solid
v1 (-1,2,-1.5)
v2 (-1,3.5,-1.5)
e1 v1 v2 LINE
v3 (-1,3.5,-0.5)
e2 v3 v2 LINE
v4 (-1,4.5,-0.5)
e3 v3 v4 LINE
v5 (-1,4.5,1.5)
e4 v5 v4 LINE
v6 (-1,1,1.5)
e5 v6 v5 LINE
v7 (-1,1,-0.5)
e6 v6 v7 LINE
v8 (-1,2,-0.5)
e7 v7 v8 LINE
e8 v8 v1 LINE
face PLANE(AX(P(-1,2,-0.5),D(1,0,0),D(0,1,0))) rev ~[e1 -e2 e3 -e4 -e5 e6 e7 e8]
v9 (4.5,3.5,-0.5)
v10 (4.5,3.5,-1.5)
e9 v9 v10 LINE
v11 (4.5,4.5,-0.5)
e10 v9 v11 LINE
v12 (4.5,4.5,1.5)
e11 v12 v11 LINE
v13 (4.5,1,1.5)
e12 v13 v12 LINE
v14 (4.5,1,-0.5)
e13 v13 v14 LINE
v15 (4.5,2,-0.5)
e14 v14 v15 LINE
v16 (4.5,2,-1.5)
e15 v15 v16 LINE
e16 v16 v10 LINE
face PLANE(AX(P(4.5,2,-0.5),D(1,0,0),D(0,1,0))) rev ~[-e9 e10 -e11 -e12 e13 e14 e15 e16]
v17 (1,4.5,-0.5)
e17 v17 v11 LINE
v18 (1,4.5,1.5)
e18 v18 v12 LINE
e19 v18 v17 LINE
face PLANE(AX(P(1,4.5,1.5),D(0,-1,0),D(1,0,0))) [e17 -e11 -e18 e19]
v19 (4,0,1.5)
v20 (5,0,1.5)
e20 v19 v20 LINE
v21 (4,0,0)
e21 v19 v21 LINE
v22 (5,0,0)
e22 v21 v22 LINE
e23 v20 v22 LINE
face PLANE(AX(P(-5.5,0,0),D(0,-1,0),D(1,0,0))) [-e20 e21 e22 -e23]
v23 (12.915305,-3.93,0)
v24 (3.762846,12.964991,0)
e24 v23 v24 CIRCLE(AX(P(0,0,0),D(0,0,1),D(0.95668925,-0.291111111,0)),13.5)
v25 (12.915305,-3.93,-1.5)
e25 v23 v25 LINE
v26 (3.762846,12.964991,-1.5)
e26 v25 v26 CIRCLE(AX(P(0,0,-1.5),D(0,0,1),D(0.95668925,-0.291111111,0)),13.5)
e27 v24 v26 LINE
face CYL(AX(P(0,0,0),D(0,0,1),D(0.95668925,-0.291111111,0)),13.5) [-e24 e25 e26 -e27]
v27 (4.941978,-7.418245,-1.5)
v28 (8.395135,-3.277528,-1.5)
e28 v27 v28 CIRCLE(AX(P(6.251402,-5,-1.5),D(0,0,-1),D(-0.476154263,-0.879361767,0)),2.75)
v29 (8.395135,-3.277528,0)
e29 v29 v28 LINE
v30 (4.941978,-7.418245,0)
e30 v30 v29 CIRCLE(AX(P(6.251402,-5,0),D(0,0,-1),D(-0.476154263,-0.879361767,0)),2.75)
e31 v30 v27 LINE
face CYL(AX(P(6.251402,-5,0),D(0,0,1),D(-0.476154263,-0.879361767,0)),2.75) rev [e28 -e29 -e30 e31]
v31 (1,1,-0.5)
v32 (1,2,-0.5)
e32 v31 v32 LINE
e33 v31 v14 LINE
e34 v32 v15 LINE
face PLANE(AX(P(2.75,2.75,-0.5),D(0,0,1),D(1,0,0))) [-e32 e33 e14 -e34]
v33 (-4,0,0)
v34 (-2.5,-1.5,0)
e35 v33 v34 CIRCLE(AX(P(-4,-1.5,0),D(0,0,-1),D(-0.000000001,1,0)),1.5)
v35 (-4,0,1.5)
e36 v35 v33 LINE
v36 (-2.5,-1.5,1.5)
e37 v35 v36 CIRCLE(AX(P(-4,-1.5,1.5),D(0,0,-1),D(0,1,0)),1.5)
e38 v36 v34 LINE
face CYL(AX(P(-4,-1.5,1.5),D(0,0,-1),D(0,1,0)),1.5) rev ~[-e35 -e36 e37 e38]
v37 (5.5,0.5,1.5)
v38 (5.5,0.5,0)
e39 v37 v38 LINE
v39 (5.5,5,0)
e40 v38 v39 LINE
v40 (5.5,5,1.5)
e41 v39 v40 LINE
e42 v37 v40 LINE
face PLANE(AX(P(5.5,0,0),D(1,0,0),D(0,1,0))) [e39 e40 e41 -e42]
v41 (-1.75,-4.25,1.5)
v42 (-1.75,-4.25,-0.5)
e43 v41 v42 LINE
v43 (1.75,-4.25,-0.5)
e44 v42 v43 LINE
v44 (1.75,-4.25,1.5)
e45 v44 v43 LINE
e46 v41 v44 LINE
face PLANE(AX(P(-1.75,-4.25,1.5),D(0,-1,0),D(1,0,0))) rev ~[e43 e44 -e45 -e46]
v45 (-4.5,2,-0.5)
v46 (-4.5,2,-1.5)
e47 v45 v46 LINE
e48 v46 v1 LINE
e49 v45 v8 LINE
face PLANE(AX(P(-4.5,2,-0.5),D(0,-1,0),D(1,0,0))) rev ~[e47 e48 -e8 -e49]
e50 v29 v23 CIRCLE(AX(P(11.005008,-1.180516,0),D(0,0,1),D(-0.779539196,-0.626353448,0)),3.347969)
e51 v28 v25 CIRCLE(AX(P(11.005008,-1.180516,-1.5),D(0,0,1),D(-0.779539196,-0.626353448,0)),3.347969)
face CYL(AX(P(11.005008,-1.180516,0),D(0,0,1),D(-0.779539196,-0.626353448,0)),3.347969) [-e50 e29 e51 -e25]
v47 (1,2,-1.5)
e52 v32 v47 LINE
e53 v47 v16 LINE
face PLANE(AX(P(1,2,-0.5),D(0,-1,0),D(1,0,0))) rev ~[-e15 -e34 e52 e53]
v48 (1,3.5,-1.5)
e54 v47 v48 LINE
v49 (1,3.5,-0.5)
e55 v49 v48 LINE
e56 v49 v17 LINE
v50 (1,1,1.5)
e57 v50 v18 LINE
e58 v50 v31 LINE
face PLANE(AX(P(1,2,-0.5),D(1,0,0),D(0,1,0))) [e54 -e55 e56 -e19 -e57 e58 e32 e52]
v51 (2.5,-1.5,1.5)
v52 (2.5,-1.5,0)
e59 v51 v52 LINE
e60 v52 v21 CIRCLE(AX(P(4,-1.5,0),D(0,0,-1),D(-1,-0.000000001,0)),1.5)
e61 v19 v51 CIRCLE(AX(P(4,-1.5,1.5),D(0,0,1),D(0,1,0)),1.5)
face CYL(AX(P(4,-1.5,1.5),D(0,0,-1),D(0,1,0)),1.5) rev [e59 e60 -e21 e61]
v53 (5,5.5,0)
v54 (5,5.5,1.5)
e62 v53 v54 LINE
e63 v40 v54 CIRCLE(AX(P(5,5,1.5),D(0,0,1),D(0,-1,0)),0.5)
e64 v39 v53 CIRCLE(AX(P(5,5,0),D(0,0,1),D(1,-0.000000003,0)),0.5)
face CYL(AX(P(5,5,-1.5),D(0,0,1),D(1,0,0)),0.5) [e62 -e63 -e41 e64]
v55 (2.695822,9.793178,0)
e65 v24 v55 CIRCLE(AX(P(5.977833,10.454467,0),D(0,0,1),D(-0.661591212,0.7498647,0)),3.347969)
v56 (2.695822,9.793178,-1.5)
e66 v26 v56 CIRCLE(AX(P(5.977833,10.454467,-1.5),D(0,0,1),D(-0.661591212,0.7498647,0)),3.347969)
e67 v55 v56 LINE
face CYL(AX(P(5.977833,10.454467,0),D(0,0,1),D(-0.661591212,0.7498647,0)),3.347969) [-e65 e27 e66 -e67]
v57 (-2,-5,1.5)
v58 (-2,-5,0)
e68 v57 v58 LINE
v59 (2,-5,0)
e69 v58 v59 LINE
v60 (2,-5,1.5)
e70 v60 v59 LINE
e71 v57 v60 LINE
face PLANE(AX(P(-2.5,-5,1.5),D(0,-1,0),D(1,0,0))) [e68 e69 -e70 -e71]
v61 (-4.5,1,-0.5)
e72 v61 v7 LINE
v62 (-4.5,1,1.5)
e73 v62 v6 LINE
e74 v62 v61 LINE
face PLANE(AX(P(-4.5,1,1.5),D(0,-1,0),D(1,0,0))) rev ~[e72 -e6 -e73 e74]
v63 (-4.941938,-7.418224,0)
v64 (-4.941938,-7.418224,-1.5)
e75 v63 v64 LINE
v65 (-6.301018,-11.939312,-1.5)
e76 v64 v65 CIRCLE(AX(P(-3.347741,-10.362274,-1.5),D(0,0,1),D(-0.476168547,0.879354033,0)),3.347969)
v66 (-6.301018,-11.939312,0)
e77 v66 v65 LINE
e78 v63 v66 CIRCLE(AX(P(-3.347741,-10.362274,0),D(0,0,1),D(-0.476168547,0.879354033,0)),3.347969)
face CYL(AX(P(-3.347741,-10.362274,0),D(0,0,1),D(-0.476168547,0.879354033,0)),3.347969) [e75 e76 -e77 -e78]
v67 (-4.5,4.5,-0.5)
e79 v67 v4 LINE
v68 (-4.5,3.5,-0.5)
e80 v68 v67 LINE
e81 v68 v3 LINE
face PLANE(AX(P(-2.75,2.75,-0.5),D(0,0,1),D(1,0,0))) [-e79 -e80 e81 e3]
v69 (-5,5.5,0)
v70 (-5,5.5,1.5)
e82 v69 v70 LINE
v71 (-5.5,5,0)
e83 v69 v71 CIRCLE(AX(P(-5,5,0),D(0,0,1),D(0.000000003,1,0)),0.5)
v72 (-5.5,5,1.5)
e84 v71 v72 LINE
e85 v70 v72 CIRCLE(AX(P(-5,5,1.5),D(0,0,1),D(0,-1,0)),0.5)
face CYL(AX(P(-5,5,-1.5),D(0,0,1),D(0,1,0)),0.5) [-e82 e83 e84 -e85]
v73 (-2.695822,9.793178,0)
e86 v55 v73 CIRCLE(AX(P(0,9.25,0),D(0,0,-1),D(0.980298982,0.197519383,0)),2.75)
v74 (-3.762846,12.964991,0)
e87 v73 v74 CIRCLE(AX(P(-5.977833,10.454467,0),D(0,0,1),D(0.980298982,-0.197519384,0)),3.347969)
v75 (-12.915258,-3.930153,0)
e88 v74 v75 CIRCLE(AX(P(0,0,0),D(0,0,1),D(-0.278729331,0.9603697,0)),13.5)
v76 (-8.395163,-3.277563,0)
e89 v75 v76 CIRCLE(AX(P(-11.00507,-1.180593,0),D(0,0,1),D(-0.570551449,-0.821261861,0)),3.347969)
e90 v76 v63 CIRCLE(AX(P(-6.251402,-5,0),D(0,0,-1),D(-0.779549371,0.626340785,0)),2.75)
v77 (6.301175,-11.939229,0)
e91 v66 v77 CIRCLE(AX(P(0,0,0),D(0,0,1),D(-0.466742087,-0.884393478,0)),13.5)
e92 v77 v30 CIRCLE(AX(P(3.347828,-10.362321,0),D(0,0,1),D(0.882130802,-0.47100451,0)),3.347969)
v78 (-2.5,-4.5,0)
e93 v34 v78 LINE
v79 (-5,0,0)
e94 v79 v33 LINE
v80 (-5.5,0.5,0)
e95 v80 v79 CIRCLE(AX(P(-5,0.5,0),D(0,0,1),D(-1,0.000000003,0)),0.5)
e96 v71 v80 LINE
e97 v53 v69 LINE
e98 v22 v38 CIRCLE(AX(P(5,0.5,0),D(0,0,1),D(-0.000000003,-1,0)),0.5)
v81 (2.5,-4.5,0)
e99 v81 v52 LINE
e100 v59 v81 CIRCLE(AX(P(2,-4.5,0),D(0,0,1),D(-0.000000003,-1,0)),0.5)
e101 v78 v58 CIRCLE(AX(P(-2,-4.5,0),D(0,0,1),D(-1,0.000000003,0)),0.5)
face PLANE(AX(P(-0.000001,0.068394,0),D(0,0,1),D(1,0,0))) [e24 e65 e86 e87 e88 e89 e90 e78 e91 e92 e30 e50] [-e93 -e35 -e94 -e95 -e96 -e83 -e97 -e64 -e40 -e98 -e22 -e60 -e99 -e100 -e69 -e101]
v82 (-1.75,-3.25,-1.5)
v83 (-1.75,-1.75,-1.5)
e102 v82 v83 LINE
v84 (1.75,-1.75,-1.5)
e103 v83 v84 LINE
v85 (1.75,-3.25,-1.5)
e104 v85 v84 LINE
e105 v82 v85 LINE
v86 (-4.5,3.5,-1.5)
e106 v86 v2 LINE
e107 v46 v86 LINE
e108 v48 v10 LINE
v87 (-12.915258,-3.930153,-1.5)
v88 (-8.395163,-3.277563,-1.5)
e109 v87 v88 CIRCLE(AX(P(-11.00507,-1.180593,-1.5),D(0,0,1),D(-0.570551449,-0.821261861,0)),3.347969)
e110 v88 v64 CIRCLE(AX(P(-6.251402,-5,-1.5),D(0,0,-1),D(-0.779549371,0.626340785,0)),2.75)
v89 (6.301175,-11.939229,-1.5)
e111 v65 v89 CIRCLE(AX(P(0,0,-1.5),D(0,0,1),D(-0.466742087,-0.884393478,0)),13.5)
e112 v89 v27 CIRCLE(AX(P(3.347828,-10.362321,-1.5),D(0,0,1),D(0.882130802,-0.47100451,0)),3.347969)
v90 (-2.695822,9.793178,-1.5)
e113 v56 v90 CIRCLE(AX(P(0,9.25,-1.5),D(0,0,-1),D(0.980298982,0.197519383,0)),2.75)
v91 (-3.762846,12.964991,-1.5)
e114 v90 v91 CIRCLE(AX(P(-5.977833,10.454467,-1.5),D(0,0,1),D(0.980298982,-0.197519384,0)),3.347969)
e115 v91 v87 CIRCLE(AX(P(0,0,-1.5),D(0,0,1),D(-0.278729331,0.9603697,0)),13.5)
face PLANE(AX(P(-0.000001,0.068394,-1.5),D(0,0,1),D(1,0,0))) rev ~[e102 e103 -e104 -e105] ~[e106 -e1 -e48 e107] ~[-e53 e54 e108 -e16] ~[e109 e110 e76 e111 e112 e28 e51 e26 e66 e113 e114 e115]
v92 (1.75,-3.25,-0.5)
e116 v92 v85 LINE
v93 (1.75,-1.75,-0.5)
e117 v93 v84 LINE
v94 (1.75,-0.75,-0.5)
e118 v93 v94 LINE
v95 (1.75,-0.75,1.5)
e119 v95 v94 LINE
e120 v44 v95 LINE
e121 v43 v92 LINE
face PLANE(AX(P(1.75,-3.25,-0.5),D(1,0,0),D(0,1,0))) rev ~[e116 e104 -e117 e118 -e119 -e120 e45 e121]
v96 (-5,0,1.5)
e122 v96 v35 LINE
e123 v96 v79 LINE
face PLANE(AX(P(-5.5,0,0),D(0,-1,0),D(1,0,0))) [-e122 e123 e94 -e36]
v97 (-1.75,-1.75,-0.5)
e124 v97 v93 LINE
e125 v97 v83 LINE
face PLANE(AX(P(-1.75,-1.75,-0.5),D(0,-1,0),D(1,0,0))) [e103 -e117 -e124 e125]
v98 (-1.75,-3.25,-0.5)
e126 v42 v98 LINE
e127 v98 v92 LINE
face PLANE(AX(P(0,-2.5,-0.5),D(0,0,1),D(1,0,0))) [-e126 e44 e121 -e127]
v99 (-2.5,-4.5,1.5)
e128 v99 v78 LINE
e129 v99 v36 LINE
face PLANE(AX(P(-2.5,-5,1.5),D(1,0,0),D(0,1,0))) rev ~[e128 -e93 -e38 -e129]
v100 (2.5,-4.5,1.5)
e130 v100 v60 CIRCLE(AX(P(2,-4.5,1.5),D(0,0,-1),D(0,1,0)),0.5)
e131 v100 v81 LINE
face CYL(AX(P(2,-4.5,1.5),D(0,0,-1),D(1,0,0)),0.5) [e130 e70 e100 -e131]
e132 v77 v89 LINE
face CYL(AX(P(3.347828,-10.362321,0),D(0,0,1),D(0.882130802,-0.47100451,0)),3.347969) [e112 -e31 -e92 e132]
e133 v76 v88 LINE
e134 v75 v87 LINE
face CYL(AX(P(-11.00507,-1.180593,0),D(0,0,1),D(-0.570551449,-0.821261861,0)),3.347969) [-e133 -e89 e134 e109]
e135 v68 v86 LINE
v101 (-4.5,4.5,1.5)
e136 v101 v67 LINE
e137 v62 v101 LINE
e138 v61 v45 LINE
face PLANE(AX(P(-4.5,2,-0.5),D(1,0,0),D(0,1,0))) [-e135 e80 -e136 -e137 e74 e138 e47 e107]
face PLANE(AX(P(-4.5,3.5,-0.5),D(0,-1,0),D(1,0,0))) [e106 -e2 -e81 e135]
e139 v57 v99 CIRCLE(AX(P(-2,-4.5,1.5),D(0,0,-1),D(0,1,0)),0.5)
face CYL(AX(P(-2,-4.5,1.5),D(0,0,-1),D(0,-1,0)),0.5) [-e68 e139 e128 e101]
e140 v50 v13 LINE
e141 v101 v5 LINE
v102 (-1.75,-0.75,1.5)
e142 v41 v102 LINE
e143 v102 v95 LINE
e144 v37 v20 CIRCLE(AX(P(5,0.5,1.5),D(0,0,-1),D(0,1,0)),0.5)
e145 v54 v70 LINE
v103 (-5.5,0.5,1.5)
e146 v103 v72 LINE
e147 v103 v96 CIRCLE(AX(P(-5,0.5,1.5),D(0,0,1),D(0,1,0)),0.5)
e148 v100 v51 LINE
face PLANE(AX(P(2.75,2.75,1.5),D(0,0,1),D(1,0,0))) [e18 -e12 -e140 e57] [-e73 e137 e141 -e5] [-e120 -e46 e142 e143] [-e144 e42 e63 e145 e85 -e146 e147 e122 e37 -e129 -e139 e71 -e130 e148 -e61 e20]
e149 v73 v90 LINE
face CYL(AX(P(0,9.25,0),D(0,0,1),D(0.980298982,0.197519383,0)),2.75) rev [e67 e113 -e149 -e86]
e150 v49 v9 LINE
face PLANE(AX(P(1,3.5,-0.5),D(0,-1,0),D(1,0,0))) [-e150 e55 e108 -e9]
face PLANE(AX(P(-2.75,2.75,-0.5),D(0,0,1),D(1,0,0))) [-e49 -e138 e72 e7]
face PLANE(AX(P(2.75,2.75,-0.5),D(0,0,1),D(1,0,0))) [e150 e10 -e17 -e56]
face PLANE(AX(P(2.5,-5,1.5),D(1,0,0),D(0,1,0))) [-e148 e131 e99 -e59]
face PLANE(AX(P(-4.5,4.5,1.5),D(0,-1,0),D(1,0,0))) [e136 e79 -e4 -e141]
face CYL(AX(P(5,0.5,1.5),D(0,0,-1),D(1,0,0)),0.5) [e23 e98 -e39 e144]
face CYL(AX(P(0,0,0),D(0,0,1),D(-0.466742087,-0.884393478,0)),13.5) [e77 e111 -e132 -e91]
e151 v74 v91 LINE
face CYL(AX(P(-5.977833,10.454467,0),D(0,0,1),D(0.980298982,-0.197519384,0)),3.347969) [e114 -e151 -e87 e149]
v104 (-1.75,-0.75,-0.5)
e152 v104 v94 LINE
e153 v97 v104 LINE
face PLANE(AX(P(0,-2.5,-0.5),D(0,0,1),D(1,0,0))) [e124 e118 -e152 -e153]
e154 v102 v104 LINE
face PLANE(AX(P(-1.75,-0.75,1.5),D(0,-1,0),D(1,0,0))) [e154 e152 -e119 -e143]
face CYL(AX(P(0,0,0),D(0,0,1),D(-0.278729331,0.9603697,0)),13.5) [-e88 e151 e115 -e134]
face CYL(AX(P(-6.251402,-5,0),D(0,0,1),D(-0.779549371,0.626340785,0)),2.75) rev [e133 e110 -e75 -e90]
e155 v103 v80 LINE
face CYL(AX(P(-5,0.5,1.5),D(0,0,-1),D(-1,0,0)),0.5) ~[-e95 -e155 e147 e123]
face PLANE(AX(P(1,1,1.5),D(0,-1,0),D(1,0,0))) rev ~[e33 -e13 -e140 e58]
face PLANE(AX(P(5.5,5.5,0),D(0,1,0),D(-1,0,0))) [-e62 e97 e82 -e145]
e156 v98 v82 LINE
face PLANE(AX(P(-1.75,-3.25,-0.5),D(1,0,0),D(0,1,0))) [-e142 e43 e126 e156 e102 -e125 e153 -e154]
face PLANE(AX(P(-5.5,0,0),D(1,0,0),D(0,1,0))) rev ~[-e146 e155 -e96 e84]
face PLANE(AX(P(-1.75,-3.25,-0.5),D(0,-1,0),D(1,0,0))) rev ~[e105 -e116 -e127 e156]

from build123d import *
from OCP.BRepFilletAPI import BRepFilletAPI_MakeFillet

# Parameters (mm, degrees)
SKETCH1_W           = 5.5
SKETCH1_H           = 5.5
BOSS_EXTRUDE1_DEPTH = 1.5
SKETCH5_W           = 5
SKETCH5_H           = 5
BOSS_EXTRUDE2_DEPTH = 3
SKETCH2_W           = 3.5
SKETCH2_H           = 3.5
CUT_EXTRUDE1_DEPTH  = 2
SKETCH10_W          = 3.5
SKETCH10_H          = 1.5
CUT_EXTRUDE3_DEPTH  = 9.031189202
FILLET7_R1          = 0.5
FILLET7_R2          = 1.5
BOSS_EXTRUDE3_DEPTH = 1.5


with BuildPart() as part:
    # Sketch1 → Boss-Extrude1 (new, symmetric)
    with BuildSketch(Plane.XY):
        with Locations((2.75, 2.75)):
            Rectangle(SKETCH1_W, SKETCH1_H)
        with Locations((-2.75, 2.75)):
            Rectangle(SKETCH1_W, SKETCH1_H)
    extrude(amount=BOSS_EXTRUDE1_DEPTH, both=True)

    # Sketch5 → Boss-Extrude2 (add)
    with BuildSketch(Plane.XY.offset(1.5)):
        with Locations((0, -2.5)):
            Rectangle(SKETCH5_W, SKETCH5_H)
    extrude(amount=-BOSS_EXTRUDE2_DEPTH)

    # Sketch2 → Cut-Extrude1 (cut)
    with BuildSketch(Plane.XY.offset(1.5)):
        with Locations((2.75, 2.75)):
            Rectangle(SKETCH2_W, SKETCH2_H)
        with Locations((-2.75, 2.75)):
            Rectangle(SKETCH2_W, SKETCH2_H)
        with Locations((0, -2.5)):
            Rectangle(SKETCH2_W, SKETCH2_H)
    extrude(amount=-CUT_EXTRUDE1_DEPTH, mode=Mode.SUBTRACT)

    # Sketch10 → Cut-Extrude3 (cut, through all)
    with BuildSketch(Plane.XY.offset(-0.5)):
        with Locations((0, -2.5)):
            Rectangle(SKETCH10_W, SKETCH10_H)
        with Locations((2.75, 2.75)):
            Rectangle(SKETCH10_W, SKETCH10_H)
        with Locations((-2.75, 2.75)):
            Rectangle(SKETCH10_W, SKETCH10_H)
    extrude(amount=-CUT_EXTRUDE3_DEPTH, mode=Mode.SUBTRACT)

    # Fillet7: one fillet with a radius per group of edges: ONE call of the kernel's fillet builder (fillet() takes one radius for all edges)
    fillet7_edges_1 = [part.edges().sort_by_distance(p)[0] for p in [
        (5.5, 0, 0),
        (2.5, -5, 0),
        (5.5, 5.5, 0),
        (-5.5, 5.5, 0),
        (-5.5, 0, 0),
        (-2.5, -5, 0),
    ]]
    fillet7_edges_2 = [part.edges().sort_by_distance(p)[0] for p in [
        (2.5, 0, 0),
        (-2.5, 0, 0),
    ]]
    fillet7 = BRepFilletAPI_MakeFillet(part.part.solid().wrapped)
    for e in fillet7_edges_1:
        fillet7.Add(FILLET7_R1, e.wrapped)
    for e in fillet7_edges_2:
        fillet7.Add(FILLET7_R2, e.wrapped)
    add(Compound.cast(fillet7.Shape()), mode=Mode.REPLACE)

    # Sketch11 → Boss-Extrude3 (add, through all)
    with BuildSketch(Plane.XY):
        with BuildLine():
            ThreePointArc((-6.301018176, -11.939311954), (8.8396e-05, -13.5), (6.301174529, -11.939229437))
            ThreePointArc((6.301174529, -11.939229437), (6.554033768, -9.398401396), (4.941977619, -7.41824486))
            ThreePointArc((4.941977619, -7.41824486), (4.139435534, -3.238722534), (8.395134632, -3.277528018))
            ThreePointArc((8.395134632, -3.277528018), (10.526696598, -4.494141765), (12.915304874, -3.93))
            ThreePointArc((12.915304874, -3.93), (11.870145687, 6.430368681), (3.762845966, 12.964990946))
            ThreePointArc((3.762845966, 12.964990946), (2.804609837, 11.521965342), (2.695822199, 9.793178304))
            ThreePointArc((2.695822199, 9.793178304), (0, 6.5), (-2.695822199, 9.793178304))
            ThreePointArc((-2.695822199, 9.793178304), (-2.804609837, 11.521965342), (-3.762845966, 12.964990946))
            ThreePointArc((-3.762845966, 12.964990946), (-11.870183671, 6.430298564), (-12.915258444, -3.930152581))
            ThreePointArc((-12.915258444, -3.930152581), (-10.526666364, -4.494205663), (-8.395162612, -3.277562841))
            ThreePointArc((-8.395162612, -3.277562841), (-4.139464145, -3.238688227), (-4.941938337, -7.418223589))
            ThreePointArc((-4.941938337, -7.418223589), (-6.553975653, -9.398450665), (-6.301018176, -11.939311954))
        make_face()
        with BuildLine():
            Line((-2.5, -1.5), (-2.5, -4.5))
            ThreePointArc((-2.5, -4.5), (-2.353553391, -4.853553391), (-2, -5))
            Line((-2, -5), (2, -5))
            ThreePointArc((2, -5), (2.353553391, -4.853553391), (2.5, -4.5))
            Line((2.5, -4.5), (2.5, -1.5))
            ThreePointArc((2.5, -1.5), (2.939339828, -0.439339828), (4, 0))
            Line((4, 0), (5, 0))
            ThreePointArc((5, 0), (5.353553391, 0.146446609), (5.5, 0.5))
            Line((5.5, 0.5), (5.5, 5))
            ThreePointArc((5.5, 5), (5.353553391, 5.353553391), (5, 5.5))
            Line((5, 5.5), (-5, 5.5))
            ThreePointArc((-5, 5.5), (-5.353553391, 5.353553391), (-5.5, 5))
            Line((-5.5, 5), (-5.5, 0.5))
            ThreePointArc((-5.5, 0.5), (-5.353553391, 0.146446609), (-5, 0))
            Line((-5, 0), (-4, 0))
            ThreePointArc((-4, 0), (-2.939339828, -0.439339828), (-2.5, -1.5))
        make_face(mode=Mode.SUBTRACT)
    extrude(amount=-BOSS_EXTRUDE3_DEPTH)


solid = part.part
